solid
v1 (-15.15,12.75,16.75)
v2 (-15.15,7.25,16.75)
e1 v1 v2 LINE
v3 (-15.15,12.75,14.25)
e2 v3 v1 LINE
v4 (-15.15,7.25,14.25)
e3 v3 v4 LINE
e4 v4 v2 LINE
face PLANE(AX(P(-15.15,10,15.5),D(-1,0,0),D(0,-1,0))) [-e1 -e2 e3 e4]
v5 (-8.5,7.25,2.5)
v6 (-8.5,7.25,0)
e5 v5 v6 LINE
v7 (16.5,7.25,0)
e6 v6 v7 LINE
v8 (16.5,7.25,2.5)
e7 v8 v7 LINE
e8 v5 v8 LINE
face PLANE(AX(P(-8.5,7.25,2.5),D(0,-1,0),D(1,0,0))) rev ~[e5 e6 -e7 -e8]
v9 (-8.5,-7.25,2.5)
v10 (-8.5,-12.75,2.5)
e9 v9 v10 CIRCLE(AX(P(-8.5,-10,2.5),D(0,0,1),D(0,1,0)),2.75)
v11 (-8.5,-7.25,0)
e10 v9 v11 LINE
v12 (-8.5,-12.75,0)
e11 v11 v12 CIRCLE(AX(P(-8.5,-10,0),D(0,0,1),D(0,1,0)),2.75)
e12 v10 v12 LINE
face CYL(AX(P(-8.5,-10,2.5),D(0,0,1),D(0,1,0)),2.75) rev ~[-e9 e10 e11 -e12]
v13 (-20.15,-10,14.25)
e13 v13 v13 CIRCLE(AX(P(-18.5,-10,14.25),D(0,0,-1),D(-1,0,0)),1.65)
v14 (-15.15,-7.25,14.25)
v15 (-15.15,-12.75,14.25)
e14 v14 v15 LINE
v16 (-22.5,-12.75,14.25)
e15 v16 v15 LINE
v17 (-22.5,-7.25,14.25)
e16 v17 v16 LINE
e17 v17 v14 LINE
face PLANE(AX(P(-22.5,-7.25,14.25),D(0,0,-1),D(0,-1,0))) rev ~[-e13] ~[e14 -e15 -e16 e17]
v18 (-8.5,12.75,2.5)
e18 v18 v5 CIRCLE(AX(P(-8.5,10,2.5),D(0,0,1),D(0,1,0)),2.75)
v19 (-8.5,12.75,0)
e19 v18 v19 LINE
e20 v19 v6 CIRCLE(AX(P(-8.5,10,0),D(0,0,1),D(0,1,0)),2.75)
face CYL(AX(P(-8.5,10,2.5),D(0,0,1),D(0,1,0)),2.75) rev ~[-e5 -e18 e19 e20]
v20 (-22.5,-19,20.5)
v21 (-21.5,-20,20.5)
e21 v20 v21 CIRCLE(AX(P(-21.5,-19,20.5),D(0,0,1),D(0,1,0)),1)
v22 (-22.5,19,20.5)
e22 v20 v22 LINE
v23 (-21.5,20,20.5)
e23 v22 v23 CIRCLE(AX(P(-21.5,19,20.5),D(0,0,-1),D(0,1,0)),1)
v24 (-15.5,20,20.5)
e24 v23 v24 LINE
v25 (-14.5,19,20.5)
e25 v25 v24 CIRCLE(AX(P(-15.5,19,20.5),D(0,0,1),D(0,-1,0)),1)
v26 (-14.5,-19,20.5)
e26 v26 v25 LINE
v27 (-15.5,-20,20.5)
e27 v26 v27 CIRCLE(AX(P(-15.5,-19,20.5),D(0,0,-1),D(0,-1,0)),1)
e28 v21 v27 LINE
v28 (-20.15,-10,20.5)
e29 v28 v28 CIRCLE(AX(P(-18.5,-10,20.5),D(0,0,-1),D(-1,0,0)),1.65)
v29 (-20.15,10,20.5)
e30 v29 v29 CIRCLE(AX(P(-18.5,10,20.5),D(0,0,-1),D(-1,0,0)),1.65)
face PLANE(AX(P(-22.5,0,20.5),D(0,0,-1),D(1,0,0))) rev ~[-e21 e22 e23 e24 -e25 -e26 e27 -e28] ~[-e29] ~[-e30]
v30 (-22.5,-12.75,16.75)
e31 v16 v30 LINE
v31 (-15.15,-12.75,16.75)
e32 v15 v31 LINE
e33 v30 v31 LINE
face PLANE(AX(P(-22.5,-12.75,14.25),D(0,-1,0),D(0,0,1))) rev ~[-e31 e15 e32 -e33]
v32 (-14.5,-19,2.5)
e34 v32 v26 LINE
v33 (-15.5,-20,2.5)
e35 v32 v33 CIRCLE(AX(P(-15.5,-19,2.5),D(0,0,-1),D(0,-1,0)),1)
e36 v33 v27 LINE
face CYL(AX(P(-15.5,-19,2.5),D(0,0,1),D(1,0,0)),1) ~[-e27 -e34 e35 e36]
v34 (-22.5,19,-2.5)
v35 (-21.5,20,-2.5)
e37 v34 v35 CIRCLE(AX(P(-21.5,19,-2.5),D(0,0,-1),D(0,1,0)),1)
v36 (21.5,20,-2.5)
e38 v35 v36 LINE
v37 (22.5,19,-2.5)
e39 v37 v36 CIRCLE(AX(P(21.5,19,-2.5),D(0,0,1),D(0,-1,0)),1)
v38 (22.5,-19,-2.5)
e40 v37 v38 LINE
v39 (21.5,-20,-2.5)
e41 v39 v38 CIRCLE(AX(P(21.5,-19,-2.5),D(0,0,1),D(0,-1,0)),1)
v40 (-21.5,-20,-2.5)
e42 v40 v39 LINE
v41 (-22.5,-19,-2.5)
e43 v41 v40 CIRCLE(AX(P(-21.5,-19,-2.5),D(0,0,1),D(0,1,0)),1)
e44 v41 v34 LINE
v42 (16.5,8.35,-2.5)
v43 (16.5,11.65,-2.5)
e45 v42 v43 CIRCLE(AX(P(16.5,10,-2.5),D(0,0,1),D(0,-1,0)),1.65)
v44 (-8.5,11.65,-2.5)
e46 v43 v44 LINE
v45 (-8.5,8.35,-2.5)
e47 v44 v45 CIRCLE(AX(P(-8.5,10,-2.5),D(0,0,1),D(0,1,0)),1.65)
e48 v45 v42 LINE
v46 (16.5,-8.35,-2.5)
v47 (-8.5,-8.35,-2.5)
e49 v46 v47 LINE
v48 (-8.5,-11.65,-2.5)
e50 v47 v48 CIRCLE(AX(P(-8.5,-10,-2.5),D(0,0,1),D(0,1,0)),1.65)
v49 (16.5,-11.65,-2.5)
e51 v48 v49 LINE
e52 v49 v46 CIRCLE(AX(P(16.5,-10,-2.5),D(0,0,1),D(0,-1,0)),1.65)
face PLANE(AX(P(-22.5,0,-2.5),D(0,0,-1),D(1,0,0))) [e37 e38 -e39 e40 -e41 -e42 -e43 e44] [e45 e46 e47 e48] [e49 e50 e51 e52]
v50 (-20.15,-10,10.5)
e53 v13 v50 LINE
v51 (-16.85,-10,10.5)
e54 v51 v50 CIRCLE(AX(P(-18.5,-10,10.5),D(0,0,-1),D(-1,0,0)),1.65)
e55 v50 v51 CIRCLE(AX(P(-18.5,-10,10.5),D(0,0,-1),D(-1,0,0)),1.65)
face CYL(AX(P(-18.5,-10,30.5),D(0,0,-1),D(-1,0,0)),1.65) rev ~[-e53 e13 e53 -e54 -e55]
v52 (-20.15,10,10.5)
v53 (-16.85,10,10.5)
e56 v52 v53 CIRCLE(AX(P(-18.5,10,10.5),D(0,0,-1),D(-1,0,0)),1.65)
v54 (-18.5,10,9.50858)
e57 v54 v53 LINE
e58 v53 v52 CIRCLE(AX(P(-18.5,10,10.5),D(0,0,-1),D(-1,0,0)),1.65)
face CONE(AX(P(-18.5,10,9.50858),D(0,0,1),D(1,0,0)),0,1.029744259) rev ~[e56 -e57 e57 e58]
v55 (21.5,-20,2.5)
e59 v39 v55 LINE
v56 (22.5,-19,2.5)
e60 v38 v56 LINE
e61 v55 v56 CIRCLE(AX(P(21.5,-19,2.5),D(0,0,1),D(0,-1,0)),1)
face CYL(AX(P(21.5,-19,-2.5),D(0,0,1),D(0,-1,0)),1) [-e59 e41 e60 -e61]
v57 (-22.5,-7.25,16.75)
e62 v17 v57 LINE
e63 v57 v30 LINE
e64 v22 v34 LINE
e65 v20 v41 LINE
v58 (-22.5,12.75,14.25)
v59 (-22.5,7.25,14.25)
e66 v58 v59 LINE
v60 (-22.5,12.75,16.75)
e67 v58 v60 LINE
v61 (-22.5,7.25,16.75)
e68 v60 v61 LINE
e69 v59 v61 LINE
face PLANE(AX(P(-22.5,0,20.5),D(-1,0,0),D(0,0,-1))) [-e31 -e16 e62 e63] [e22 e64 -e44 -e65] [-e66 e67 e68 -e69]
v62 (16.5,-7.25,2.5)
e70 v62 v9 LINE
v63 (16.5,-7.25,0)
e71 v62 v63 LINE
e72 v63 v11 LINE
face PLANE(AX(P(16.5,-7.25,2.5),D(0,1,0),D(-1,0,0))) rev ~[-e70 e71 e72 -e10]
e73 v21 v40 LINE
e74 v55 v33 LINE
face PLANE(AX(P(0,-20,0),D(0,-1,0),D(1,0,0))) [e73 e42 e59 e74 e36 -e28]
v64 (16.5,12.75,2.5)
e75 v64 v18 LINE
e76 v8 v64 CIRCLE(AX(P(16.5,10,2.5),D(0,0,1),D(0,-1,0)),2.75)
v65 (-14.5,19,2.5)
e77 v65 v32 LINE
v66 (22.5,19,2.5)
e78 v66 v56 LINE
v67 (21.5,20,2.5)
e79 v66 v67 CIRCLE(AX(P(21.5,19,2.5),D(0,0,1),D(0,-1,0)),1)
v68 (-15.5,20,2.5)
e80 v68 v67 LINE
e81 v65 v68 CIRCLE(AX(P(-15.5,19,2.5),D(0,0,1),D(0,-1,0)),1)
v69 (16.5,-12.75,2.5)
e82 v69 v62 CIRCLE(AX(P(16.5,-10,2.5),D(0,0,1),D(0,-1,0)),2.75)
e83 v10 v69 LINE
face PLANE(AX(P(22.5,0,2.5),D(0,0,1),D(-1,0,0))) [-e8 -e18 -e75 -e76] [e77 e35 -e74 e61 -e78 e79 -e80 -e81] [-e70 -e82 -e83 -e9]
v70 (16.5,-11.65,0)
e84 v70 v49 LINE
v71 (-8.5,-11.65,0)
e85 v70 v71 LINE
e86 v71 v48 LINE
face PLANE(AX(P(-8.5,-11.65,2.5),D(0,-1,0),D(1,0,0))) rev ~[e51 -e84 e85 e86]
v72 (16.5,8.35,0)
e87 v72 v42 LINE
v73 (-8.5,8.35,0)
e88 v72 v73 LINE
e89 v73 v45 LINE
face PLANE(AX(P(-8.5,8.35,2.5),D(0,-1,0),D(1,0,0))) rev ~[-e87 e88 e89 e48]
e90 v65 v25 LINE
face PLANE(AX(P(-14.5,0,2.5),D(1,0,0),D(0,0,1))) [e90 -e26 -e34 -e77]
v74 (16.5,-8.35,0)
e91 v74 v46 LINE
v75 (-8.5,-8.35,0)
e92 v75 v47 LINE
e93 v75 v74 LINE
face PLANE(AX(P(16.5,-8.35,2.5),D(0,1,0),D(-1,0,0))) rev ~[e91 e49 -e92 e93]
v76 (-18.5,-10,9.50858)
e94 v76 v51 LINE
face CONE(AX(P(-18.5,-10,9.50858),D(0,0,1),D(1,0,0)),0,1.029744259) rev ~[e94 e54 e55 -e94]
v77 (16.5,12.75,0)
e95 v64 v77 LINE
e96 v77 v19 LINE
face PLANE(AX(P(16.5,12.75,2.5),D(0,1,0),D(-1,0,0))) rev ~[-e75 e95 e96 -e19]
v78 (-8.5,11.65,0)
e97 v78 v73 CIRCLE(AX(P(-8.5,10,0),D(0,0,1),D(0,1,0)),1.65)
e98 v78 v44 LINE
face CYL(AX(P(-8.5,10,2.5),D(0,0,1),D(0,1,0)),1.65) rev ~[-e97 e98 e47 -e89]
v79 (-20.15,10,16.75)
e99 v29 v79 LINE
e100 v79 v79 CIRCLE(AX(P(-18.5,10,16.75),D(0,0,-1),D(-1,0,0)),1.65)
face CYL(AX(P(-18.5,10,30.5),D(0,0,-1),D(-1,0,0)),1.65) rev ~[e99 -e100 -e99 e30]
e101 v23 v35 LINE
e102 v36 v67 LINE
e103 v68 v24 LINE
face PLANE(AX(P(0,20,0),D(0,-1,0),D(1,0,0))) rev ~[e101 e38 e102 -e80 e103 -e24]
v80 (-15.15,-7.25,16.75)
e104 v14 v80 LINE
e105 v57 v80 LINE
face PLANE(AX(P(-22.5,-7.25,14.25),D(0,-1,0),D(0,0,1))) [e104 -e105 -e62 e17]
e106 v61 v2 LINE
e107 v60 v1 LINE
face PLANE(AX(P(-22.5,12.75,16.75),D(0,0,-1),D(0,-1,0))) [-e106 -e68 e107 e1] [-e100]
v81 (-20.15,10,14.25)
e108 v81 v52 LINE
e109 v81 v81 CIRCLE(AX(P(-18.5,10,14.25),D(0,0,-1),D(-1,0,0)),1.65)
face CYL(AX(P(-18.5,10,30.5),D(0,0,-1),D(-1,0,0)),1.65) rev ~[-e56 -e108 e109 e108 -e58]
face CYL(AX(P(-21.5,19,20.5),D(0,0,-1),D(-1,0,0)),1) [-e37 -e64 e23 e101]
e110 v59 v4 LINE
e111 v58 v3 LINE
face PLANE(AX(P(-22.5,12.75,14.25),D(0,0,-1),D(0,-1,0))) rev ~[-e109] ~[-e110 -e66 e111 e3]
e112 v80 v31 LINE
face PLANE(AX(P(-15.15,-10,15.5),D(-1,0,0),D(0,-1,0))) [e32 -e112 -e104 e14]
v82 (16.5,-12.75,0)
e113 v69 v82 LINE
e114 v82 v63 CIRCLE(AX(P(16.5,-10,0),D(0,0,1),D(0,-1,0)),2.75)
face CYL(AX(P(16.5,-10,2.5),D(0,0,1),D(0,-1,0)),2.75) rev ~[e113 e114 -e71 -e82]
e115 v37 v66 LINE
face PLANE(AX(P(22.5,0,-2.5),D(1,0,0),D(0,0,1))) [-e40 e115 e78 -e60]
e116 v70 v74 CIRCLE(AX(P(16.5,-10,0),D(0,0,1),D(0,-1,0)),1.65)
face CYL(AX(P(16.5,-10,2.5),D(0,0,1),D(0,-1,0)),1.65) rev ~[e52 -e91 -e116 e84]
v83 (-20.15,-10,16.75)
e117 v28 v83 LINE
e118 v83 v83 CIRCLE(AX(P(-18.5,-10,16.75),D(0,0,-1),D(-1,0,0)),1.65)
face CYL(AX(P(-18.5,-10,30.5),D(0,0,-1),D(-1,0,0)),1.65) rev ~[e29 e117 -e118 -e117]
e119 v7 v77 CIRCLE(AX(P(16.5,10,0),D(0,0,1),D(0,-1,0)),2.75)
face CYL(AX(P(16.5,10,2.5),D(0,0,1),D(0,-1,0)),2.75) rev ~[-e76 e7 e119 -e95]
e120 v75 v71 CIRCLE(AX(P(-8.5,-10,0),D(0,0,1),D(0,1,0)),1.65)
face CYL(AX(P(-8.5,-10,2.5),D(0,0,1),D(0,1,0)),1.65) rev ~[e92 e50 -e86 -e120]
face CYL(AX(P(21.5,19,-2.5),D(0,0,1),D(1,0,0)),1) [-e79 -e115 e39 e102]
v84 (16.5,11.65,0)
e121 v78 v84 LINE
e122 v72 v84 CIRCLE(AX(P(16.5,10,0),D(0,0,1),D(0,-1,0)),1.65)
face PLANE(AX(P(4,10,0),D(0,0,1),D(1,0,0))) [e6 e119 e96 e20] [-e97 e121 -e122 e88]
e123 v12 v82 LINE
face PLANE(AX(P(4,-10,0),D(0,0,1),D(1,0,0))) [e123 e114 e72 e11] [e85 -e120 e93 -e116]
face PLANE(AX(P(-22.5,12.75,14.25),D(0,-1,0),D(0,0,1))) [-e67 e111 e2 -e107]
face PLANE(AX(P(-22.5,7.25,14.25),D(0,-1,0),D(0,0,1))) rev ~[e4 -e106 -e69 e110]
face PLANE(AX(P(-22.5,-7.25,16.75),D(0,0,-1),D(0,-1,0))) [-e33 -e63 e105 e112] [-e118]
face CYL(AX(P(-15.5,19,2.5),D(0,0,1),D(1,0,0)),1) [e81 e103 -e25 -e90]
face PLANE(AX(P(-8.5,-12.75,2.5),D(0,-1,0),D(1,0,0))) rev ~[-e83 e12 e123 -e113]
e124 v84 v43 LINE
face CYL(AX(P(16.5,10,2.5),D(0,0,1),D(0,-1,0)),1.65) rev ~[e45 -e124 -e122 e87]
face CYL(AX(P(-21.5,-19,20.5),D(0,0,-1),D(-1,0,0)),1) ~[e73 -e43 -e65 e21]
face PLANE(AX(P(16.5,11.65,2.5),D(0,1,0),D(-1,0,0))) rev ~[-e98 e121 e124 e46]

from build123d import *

# Parameters (mm, degrees)
F0_W      = 8
F0_H      = 18
F1_DEPTH  = 20
F2_R      = 1
F4_DEPTH  = 5
F6_DEPTH  = 2.5
F8_D      = 3.3
F8_DEPTH  = 10
F8_TIP    = 0.9914200214
F9_W      = 5.5
F9_H      = 2.5
F10_DEPTH = 7.35


with BuildPart() as f1:
    # F0 (on Front) → F1 (new body, symmetric)
    with BuildSketch(Plane.XZ):
        Polygon((-22.5, -2.5), (22.5, -2.5), (22.5, 2.5), (-14.5, 2.5), (-22.5, 2.5), align=None)
        with Locations((-18.5, 11.5)):
            Rectangle(F0_W, F0_H)
    extrude(amount=F1_DEPTH, both=True)

    # F2
    f2_edges = [f1.edges().sort_by_distance(p)[0] for p in [
        (-22.5, -20, 9),
        (-14.5, -20, 11.5),
        (22.5, -20, 0),
        (22.5, 20, 0),
        (-22.5, 20, 9),
        (-14.5, 20, 11.5),
    ]]
    fillet(f2_edges, radius=F2_R)

    # F3 (on face) → F4 (cut)
    with BuildSketch(Plane.XY.offset(2.5)):
        with BuildLine():
            ThreePointArc((-8.5, 11.65), (-10.15, 10), (-8.5, 8.35))
            Line((-8.5, 8.35), (16.5, 8.35))
            ThreePointArc((16.5, 8.35), (18.15, 10), (16.5, 11.65))
            Line((16.5, 11.65), (-8.5, 11.65))
        make_face()
        with BuildLine():
            ThreePointArc((-8.5, -8.35), (-10.15, -10), (-8.5, -11.65))
            Line((-8.5, -11.65), (16.5, -11.65))
            ThreePointArc((16.5, -11.65), (18.15, -10), (16.5, -8.35))
            Line((16.5, -8.35), (-8.5, -8.35))
        make_face()
    extrude(amount=-F4_DEPTH, mode=Mode.SUBTRACT)

    # F5 (on face) → F6 (cut)
    with BuildSketch(Plane.XY.offset(2.5)):
        with BuildLine():
            ThreePointArc((-8.5, 12.75), (-11.25, 10), (-8.5, 7.25))
            Line((-8.5, 7.25), (16.5, 7.25))
            ThreePointArc((16.5, 7.25), (19.25, 10), (16.5, 12.75))
            Line((16.5, 12.75), (-8.5, 12.75))
        make_face()
        with BuildLine():
            ThreePointArc((-8.5, -7.25), (-11.25, -10), (-8.5, -12.75))
            Line((-8.5, -12.75), (16.5, -12.75))
            ThreePointArc((16.5, -12.75), (19.25, -10), (16.5, -7.25))
            Line((16.5, -7.25), (-8.5, -7.25))
        make_face()
    extrude(amount=-F6_DEPTH, mode=Mode.SUBTRACT)

    # F8
    with Locations(Plane.XY.offset(20.5)):
        with Locations((-18.5, 10), (-18.5, -10)):
            Hole(F8_D / 2, depth=F8_DEPTH)
            with Locations((0, 0, -(F8_DEPTH + F8_TIP / 2))):  # 118° drill point
                Cone(0, F8_D / 2, F8_TIP, mode=Mode.SUBTRACT)

    # F9 (on face) → F10 (cut)
    with BuildSketch(Plane(origin=(-22.5, 0, 0), x_dir=(0, -1, 0), z_dir=(-1, 0, 0))):
        with Locations((-10, 15.5)):
            Rectangle(F9_W, F9_H)
        with Locations((10, 15.5)):
            Rectangle(F9_W, F9_H)
    extrude(amount=-F10_DEPTH, mode=Mode.SUBTRACT)


solid = f1.part
